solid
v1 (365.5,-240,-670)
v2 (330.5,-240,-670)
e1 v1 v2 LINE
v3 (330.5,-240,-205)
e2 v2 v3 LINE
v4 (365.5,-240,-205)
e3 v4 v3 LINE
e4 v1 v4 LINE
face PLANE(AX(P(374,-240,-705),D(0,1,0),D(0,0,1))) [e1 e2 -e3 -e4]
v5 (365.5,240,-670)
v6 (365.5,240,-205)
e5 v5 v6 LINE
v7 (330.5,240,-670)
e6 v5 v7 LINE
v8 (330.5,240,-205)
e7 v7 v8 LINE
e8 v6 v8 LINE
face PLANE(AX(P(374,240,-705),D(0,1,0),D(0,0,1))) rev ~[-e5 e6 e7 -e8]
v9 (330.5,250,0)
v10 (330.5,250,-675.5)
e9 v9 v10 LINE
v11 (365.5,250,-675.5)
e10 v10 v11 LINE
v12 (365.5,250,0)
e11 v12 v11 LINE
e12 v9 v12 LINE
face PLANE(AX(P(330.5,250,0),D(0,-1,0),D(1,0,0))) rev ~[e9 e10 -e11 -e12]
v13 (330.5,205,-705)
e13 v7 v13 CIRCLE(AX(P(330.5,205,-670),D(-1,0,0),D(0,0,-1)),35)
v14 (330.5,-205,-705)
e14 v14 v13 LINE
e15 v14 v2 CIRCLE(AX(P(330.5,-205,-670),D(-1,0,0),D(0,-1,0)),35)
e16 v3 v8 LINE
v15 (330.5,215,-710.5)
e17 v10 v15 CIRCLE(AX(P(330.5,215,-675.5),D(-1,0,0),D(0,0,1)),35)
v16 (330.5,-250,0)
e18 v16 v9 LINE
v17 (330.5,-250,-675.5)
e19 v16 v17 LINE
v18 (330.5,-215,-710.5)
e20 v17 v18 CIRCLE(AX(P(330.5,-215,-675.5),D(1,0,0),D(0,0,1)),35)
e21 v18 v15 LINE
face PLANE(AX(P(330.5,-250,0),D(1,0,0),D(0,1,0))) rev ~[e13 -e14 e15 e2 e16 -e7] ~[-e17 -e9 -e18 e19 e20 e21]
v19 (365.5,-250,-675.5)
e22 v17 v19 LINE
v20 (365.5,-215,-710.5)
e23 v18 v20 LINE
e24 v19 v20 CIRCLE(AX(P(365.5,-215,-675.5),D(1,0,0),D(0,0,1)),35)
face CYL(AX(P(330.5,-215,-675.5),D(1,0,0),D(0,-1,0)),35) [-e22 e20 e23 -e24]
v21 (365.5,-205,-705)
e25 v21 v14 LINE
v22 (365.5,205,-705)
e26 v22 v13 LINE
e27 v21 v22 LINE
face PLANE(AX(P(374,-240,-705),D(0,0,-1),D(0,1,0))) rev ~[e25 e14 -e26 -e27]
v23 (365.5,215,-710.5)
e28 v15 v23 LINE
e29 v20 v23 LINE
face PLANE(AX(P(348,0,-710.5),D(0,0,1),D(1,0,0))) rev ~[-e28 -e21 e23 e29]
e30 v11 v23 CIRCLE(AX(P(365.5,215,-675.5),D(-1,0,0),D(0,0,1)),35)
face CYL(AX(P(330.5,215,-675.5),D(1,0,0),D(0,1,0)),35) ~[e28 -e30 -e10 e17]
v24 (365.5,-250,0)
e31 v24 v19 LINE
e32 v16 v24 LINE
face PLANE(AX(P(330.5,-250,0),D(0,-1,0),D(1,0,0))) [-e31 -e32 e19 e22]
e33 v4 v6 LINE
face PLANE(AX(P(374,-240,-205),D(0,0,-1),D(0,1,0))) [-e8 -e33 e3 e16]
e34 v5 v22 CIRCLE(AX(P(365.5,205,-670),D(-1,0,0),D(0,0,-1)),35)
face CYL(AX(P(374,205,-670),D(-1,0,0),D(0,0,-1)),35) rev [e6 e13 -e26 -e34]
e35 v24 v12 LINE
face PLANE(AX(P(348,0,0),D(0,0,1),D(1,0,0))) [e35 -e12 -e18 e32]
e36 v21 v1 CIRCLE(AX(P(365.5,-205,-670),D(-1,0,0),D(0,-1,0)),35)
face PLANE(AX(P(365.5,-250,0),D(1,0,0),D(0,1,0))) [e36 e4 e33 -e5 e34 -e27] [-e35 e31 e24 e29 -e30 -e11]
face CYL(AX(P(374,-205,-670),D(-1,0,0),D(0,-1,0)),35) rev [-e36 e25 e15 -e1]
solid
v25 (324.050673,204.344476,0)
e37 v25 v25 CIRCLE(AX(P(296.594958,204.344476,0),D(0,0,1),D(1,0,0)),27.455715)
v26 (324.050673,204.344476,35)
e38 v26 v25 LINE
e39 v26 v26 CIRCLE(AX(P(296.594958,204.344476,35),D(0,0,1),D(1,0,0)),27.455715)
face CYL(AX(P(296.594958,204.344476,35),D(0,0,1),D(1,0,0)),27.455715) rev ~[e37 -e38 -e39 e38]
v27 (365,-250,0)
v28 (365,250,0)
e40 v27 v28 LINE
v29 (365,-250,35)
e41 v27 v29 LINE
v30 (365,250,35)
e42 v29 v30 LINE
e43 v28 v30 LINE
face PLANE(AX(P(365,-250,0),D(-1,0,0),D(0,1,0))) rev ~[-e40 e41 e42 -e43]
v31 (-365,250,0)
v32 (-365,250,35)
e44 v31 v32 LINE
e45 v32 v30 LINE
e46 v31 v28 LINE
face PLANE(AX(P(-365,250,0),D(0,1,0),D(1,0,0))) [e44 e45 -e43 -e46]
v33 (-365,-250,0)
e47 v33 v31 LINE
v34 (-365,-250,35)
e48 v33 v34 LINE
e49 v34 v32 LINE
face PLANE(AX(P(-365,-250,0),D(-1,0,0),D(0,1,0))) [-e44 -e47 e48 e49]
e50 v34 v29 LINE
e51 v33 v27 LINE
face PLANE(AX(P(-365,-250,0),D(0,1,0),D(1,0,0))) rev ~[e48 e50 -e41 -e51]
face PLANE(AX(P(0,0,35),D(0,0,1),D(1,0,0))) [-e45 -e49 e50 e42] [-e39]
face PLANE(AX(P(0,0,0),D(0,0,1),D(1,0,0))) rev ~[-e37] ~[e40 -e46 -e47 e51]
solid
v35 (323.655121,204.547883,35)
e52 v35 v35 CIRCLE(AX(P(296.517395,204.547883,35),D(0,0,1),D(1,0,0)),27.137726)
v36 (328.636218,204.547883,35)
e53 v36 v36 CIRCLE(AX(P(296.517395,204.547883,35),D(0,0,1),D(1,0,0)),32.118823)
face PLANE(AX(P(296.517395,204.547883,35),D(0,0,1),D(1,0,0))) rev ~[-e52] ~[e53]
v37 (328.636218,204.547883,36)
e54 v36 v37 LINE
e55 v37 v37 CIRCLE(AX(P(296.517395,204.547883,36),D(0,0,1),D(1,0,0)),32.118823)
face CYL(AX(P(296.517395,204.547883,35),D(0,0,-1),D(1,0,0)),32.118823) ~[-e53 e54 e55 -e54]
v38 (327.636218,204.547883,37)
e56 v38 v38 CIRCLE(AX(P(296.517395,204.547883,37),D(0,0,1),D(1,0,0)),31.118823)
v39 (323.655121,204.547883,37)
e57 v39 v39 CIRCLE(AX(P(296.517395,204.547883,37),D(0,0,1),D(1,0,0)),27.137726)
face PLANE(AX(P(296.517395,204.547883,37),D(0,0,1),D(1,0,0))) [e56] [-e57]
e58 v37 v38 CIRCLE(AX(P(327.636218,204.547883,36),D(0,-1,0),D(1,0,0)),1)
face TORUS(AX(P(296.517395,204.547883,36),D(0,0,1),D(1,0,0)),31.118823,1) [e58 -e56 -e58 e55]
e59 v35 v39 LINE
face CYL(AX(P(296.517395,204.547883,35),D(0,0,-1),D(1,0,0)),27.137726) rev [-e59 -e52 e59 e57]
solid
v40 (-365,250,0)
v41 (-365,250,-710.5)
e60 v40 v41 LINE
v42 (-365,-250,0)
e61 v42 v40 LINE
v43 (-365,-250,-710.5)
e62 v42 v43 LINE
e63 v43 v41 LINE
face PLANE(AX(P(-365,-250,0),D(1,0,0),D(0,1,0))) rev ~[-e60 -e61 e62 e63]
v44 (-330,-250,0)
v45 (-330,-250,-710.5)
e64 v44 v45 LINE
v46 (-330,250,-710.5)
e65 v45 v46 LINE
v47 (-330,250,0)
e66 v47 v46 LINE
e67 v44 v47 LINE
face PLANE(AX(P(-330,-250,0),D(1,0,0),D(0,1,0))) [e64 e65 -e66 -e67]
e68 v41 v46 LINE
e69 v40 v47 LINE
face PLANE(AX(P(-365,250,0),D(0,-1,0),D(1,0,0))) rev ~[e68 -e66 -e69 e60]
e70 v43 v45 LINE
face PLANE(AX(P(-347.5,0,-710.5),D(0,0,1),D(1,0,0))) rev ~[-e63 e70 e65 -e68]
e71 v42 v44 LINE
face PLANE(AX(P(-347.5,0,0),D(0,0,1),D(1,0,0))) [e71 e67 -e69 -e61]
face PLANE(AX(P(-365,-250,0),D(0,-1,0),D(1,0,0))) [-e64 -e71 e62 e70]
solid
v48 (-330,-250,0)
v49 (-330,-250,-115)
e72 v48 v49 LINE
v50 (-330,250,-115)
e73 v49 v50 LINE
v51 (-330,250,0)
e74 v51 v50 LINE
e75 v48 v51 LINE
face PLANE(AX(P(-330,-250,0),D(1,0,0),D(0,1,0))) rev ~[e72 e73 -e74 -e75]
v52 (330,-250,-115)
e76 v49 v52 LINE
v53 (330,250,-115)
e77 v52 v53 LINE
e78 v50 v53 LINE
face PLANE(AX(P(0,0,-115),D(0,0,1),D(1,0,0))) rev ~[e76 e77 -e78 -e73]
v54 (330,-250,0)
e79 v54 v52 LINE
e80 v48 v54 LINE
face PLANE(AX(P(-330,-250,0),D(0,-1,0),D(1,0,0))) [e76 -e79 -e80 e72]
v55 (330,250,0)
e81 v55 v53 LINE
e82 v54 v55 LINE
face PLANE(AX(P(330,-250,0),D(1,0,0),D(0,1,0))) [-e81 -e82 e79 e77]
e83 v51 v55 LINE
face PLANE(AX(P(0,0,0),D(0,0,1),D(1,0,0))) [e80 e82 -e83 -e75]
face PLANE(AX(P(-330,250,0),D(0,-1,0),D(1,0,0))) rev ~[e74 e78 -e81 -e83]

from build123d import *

# Parameters (mm, degrees)
SKETCH002_W      = 480
SKETCH002_H      = 500
EXTRUDE002_DEPTH = 50
FILLET001_R      = 35
SKETCH001_W      = 35
SKETCH001_H      = 500
EXTRUDE001_DEPTH = 710.5
FILLET_R         = 35
SKETCH003_W      = 660
SKETCH003_H      = 500
EXTRUDE003_DEPTH = 115
SKETCH004_R      = 27.455715
EXTRUDE004_DEPTH = 50
SKETCH_W         = 730
SKETCH_H         = 500
EXTRUDE_DEPTH    = 35
SKETCH005_R      = 32.118823
SKETCH005_R_2    = 27.137726
EXTRUDE005_DEPTH = 2
FILLET002_R      = 1


with BuildPart() as fillet001:
    # Sketch002 (on Fillet) → Extrude002 (new body)
    with BuildSketch(Plane.YZ.offset(608)):
        with Locations((0, -455)):
            Rectangle(SKETCH002_W, SKETCH002_H)
    extrude(amount=-EXTRUDE002_DEPTH)


with BuildPart() as fillet001_1:
    # Extrude002 placement: moved
    add(fillet001.part.moved(Location((-234, 0, 0))))

    # Fillet001
    fillet001_edges = [fillet001_1.edges().sort_by_distance(p)[0] for p in [
        (349, -240, -705),
        (349, 240, -705),
    ]]
    fillet(fillet001_edges, radius=FILLET001_R)


with BuildPart() as cut:
    # Sketch001 (on Sketch) → Extrude001 (new body)
    with BuildSketch(Plane.XY):
        with Locations((-347.5, 0)):
            Rectangle(SKETCH001_W, SKETCH001_H)
        with Locations((348, 0)):
            Rectangle(SKETCH001_W, SKETCH001_H)
    extrude(amount=-EXTRUDE001_DEPTH)

    # Fillet
    fillet_edges = [cut.edges().sort_by_distance(p)[0] for p in [
        (348, 250, -710.5),
        (348, -250, -710.5),
    ]]
    fillet(fillet_edges, radius=FILLET_R)

    # Cut: cut Fillet001
    add(fillet001_1.part, mode=Mode.SUBTRACT)


with BuildPart() as extrude003:
    # Sketch003 (on Extrude) → Extrude003 (new body)
    with BuildSketch(Plane.XY):
        Rectangle(SKETCH003_W, SKETCH003_H)
    extrude(amount=-EXTRUDE003_DEPTH)


with BuildPart() as extrude004:
    # Sketch004 (on Face6 of Extrude) → Extrude004 (new body)
    with BuildSketch(Plane.XY.offset(35)):
        with Locations((296.594958, 204.344476)):
            Circle(SKETCH004_R)
    extrude(amount=-EXTRUDE004_DEPTH)


with BuildPart() as cut001:
    # Sketch → Extrude (new body)
    with BuildSketch(Plane.XY):
        Rectangle(SKETCH_W, SKETCH_H)
    extrude(amount=EXTRUDE_DEPTH)

    # Cut001: cut Extrude004
    add(extrude004.part, mode=Mode.SUBTRACT)


with BuildPart() as fillet002:
    # Sketch005 (on Face5 of Cut001) → Extrude005 (new body)
    with BuildSketch(Plane.XY.offset(35)):
        with Locations((296.517395, 204.547883)):
            Circle(SKETCH005_R)
        with Locations((296.517395, 204.547883)):
            Circle(SKETCH005_R_2, mode=Mode.SUBTRACT)
    extrude(amount=EXTRUDE005_DEPTH)

    # Fillet002
    fillet002_edges = [fillet002.edges().sort_by_distance(p)[0] for p in [
        (264.398572, 204.547883, 37),
    ]]
    fillet(fillet002_edges, radius=FILLET002_R)


solid = Compound([cut.part, extrude003.part, cut001.part, fillet002.part])
